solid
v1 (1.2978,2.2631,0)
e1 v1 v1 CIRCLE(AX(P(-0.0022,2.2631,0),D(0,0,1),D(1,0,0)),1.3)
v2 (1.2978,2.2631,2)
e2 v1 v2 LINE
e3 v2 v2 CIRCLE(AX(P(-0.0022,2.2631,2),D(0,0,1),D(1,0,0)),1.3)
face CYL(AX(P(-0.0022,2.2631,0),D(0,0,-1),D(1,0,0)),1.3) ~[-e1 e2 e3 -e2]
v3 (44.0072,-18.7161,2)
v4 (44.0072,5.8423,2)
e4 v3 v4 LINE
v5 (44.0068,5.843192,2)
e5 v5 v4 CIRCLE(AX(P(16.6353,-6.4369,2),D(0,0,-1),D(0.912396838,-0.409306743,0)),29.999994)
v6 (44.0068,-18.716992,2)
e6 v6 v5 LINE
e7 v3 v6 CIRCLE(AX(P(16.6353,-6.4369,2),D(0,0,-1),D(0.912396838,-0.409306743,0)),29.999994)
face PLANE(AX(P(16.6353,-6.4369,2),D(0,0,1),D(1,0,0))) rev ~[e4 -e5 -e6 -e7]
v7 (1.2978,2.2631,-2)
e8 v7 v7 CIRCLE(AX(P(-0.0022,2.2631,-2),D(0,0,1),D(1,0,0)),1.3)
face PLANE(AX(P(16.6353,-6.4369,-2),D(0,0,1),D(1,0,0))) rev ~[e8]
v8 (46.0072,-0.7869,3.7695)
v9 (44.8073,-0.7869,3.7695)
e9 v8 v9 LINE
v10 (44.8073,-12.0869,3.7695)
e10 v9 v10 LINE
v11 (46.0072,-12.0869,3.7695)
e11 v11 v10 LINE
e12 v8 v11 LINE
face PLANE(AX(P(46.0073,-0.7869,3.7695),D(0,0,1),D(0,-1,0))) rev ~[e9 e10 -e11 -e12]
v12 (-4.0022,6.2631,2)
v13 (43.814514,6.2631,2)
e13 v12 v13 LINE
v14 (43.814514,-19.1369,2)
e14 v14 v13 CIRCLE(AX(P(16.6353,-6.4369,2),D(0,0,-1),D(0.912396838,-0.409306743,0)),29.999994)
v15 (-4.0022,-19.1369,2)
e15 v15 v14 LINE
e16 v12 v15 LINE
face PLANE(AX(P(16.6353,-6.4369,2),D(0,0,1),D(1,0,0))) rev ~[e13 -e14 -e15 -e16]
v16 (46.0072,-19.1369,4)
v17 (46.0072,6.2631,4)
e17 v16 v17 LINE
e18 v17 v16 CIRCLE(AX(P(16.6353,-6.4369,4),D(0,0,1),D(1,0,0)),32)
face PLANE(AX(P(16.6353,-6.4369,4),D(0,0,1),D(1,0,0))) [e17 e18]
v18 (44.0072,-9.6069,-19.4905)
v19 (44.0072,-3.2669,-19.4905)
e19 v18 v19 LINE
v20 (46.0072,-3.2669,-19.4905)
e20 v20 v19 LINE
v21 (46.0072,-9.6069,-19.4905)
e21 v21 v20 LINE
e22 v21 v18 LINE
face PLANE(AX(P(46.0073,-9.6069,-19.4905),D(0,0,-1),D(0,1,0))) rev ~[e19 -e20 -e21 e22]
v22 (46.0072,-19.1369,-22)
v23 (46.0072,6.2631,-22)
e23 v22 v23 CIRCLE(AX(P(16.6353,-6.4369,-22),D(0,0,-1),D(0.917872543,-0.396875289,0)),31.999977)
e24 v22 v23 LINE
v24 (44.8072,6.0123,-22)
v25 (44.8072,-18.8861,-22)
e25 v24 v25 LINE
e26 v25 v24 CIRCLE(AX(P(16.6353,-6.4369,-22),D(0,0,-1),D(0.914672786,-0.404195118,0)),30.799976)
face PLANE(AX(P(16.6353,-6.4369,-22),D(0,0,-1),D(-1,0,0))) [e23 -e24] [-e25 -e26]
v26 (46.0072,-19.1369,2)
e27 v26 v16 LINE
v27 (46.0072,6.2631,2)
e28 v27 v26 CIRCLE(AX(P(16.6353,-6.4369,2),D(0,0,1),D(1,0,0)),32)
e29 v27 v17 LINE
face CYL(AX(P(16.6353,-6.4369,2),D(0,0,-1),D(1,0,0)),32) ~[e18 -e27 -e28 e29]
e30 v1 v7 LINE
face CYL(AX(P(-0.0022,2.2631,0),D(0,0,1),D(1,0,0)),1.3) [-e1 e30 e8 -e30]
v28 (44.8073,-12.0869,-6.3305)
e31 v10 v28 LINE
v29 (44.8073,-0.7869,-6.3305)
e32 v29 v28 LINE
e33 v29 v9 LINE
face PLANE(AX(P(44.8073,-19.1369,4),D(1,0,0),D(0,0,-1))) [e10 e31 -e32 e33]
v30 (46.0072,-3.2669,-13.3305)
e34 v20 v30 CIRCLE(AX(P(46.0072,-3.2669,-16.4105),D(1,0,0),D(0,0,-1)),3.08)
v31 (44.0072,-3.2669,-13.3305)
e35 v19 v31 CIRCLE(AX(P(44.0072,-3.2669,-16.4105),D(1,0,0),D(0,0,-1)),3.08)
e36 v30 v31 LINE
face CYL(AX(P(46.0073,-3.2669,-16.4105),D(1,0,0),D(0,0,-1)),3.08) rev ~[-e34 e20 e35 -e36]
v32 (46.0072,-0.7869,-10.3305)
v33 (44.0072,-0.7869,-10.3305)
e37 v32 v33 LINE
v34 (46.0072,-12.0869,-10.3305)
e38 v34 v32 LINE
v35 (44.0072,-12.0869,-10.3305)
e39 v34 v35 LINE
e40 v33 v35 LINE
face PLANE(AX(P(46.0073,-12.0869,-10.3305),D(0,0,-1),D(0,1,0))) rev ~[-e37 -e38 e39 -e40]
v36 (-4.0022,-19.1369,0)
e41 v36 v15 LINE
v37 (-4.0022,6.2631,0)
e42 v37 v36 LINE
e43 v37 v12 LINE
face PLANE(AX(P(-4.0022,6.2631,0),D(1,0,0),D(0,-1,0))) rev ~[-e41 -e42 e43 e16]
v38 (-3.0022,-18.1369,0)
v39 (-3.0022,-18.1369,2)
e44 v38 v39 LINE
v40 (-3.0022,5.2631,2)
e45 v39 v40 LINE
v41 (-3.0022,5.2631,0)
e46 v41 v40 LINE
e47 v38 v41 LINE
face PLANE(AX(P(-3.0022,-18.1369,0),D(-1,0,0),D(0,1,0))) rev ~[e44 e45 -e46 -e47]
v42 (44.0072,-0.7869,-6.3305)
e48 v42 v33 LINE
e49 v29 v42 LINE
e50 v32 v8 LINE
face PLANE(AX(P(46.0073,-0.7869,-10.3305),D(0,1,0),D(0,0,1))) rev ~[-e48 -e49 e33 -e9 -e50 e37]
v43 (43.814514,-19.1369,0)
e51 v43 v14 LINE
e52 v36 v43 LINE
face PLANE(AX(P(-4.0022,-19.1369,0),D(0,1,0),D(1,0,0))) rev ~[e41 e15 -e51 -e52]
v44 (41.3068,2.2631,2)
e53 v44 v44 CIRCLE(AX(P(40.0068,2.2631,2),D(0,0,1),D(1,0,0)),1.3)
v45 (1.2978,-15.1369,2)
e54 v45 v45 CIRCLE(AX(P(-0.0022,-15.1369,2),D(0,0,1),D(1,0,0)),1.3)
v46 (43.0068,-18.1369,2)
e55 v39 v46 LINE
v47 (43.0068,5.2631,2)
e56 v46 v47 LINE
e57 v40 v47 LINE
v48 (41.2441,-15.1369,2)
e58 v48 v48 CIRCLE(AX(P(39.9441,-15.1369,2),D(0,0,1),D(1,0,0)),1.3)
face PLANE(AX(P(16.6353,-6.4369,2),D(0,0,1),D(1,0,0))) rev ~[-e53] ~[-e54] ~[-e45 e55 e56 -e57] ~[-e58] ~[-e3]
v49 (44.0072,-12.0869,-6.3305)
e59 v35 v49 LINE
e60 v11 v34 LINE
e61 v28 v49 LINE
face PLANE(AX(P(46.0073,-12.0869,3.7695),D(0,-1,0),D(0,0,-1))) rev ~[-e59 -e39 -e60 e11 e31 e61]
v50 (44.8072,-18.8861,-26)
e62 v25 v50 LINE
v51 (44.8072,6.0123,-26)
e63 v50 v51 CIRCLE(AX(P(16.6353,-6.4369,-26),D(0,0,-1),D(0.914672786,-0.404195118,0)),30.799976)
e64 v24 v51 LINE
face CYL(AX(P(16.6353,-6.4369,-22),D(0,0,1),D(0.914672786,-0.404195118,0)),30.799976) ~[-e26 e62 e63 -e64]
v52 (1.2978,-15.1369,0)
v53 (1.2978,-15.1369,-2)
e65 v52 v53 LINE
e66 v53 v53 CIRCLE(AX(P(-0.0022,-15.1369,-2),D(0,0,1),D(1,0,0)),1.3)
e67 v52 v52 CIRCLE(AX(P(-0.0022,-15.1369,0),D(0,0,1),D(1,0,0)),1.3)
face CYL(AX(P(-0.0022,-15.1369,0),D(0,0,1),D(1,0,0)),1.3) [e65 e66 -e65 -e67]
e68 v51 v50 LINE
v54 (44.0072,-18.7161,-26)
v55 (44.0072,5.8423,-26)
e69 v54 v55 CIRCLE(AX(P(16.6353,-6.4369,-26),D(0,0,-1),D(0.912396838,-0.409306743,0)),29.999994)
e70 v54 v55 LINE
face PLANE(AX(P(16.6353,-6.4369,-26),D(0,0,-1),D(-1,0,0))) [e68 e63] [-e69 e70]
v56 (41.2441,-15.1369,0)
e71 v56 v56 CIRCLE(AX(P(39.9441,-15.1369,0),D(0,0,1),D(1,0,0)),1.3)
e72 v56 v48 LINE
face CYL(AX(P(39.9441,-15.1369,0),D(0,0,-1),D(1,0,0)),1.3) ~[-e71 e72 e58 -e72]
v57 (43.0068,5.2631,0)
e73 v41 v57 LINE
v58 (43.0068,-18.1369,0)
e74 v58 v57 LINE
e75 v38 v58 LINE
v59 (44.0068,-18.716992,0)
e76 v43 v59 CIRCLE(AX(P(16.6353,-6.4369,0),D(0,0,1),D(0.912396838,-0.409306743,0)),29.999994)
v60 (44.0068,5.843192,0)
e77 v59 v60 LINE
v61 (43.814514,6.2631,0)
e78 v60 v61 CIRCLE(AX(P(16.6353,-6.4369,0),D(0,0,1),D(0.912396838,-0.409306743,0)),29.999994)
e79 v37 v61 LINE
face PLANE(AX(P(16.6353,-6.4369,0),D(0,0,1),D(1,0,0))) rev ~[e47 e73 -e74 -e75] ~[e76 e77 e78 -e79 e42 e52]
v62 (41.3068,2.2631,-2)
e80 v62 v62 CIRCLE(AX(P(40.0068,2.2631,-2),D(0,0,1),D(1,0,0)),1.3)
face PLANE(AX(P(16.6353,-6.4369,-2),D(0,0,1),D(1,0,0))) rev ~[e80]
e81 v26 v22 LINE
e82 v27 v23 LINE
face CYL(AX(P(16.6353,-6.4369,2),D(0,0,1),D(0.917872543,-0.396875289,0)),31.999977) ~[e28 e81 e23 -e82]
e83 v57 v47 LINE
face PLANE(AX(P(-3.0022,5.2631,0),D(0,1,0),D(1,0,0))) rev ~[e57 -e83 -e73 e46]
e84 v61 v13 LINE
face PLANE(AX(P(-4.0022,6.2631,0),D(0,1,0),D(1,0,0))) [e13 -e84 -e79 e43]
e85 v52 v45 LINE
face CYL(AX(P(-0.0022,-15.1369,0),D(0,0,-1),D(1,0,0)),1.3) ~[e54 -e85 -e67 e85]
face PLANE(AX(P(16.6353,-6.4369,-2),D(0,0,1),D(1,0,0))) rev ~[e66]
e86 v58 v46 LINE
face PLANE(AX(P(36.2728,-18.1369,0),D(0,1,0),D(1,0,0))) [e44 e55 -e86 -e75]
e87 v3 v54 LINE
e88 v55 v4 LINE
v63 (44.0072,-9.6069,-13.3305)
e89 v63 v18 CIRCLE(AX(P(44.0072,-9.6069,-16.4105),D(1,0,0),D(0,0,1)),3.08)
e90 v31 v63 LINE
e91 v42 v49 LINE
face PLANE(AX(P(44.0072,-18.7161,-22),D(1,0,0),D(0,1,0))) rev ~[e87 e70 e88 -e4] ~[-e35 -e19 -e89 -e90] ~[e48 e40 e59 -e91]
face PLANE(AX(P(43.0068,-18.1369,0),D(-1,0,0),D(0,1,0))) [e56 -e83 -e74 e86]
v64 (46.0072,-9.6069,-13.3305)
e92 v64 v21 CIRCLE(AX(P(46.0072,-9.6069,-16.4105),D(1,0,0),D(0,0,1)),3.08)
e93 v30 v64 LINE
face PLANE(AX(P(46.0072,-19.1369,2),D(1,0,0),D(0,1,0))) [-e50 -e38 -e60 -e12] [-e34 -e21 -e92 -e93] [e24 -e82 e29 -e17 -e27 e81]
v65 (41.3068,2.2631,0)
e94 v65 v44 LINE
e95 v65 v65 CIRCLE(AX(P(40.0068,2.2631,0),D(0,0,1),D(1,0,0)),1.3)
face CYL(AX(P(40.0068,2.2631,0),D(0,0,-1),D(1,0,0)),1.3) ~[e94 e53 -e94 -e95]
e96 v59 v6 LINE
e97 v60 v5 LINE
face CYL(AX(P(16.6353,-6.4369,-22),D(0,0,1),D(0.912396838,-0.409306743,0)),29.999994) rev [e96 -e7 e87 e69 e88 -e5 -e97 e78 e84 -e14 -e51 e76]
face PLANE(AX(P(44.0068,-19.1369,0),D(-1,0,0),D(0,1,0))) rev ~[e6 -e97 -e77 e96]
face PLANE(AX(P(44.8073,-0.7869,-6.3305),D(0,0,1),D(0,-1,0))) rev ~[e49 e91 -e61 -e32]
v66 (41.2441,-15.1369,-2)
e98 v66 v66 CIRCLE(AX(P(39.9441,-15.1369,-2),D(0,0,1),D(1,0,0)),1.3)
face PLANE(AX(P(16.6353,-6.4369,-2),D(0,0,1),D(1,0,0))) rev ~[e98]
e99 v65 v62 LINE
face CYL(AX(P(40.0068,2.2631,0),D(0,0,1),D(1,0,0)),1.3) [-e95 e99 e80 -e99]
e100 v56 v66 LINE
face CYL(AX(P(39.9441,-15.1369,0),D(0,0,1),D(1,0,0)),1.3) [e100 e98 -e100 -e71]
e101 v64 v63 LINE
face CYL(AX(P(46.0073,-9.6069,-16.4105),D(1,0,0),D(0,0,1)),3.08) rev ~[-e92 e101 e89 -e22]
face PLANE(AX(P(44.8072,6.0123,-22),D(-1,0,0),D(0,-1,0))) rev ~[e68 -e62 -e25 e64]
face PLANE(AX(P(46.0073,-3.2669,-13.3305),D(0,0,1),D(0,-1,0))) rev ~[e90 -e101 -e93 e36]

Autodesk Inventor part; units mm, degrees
ref_plane "YZ Plane" through (0, 0, 0) normal (1, 0, 0) x (0, 1, 0)
ref_plane "XZ Plane" through (0, 0, 0) normal (0, 1, 0) x (-1, 0, 0)
ref_plane "XY Plane" through (0, 0, 0) normal (0, 0, 1) x (1, 0, 0)
ref_plane "Arbeitsebene1" through (16.6353, -6.4369, 0) normal (0, 0, 1) x (1, 0, 0)
sketch "Skizze1" plane through (16.6353, -6.4369, 0) normal (0, 0, 1) x (1, 0, 0)
  circle A0 centre (-16.6375, -8.7) radius 1.3
  circle A1 centre (-16.6375, 8.7) radius 1.3
  circle A2 centre (23.3088, -8.7) radius 1.3
  circle A3 centre (23.3715, 8.7) radius 1.3
  point P0 (-16.6353, 6.4369)
extrude "Extrusion1" add sketch "Skizze1" along normal mid plane 4
ref_plane "Arbeitsebene3" through (16.6353, -6.4369, 0) normal (0, 0, 1) x (1, 0, 0)
sketch "Skizze11" plane through (16.6353, -6.4369, 0) normal (0, 0, 1) x (1, 0, 0)
  line L0 (19.6375, -11.7) -> (-19.6375, -11.7)
  line L1 (-19.6375, -11.7) -> (-19.6375, 11.7)
  line L2 (-20.6375, 12.7) -> (27.3715, 12.7)
  line L3 (-19.6375, 11.7) -> (-19.6375, -11.7)
  line L4 (-19.6375, -11.7) -> (26.3715, -11.7)
  line L5 (26.3715, -11.7) -> (26.3715, 11.7)
  line L6 (-19.6375, 11.7) -> (26.3715, 11.7)
  line L7 (-20.6375, -12.7) -> (27.3715, -12.7)
  line L8 (27.3715, -12.7) -> (27.3715, 12.7)
  line L9 (-20.6375, -12.7) -> (27.3715, -12.7)
  line L10 (27.3715, -12.7) -> (27.3715, 12.7)
  line L11 (27.3715, 12.7) -> (-20.6375, 12.7)
  line L12 (-20.6375, 12.7) -> (-20.6375, -12.7)
  point P0 (-16.6353, 6.4369)
  point P1 (19.6375, -11.7)
sketch "Skizze12" plane through (16.6353, -6.4369, 2) normal (0, 0, 1) x (1, 0, 0)
  line L0 (20.6375, 12.7) -> (-20.6375, 12.7) projected
  line L1 (-20.6375, 12.7) -> (-20.6375, -12.7) projected
  line L2 (-20.6375, -12.7) -> (20.6375, -12.7) projected
  line L3 (20.6375, -12.7) -> (20.6375, 12.7) projected
  circle A0 centre (0, 0) radius 32
  line L4 (20.6375, 12.7) -> (29.3719, 12.7)
  line L5 (29.3719, -12.7) -> (20.6375, -12.7)
  line L6 (29.3719, -12.7) -> (29.3719, 12.7)
  point P0 (-16.6353, 6.4369)
  dimension "d20" = 64
extrude "Extrusion7" add sketch "Skizze12" along normal blind 2 contours L3 L2 L1 L0 | L4 L6 L5 L3 | L0 L1 L2 L5 A0 L4
sketch "Skizze13" plane through (16.6353, -6.4369, 2) normal (0, 0, -1) x (-1, 0, 0)
  arc A0 (-29.3719, -12.7) -> (-29.3719, 12.7) centre (0, 0) ccw projected
  line L0 (-29.3719, -12.7) -> (-29.3719, 12.7) projected
  arc A1 (-27.3719, -12.2792) -> (-27.3719, 12.2792) centre (0, 0) ccw
  line L1 (-27.3719, -12.2792) -> (-27.3719, 12.2792)
  point P0 (16.6353, 6.4369)
  dimension "d23" = 2
extrude "Extrusion8" add sketch "Skizze13" along normal blind 24
sketch "Skizze14" plane through (16.6353, -6.4369, -22) normal (0, 0, -1) x (-1, 0, 0)
  line L0 (-27.3719, -12.2792) -> (-27.3719, 12.2792) projected
  arc A0 (-27.3719, -12.2792) -> (-27.3719, 12.2792) centre (0, 0) ccw projected
  line L1 (-28.1719, 12.4492) -> (-28.1719, -12.4492)
  arc A1 (-28.1719, -12.4492) -> (-28.1719, 12.4492) centre (0, 0) ccw
  point P0 (16.6353, 6.4369)
  dimension "d26" = 0.8
extrude "Extrusion9" add sketch "Skizze14" along normal blind 4
sketch "Skizze18" plane through (46.0073, -19.1369, 4) normal (1, 0, 0) x (0, 0, -1)
  line L0 (18.8305, 15.87) -> (18.8305, 9.53) construction
  line L1 (18.8305, 15.87) -> (18.8305, 12.7)
  line L2 (20.4105, 15.87) -> (20.4105, 9.53) construction
  line L3 (18.8305, 9.53) -> (18.8305, 15.87)
  line L4 (18.8305, 15.87) -> (18.8305, 9.53) construction
  line L5 (20.4105, 15.87) -> (20.4105, 9.53) construction
  line L6 (21.9905, 15.87) -> (21.9905, 9.53)
  line L7 (18.8305, 9.53) -> (18.8305, 15.87)
  arc A0 (21.9905, 15.87) -> (18.8305, 15.87) centre (20.4105, 15.87) ccw
  arc A1 (18.8305, 9.53) -> (21.9905, 9.53) centre (20.4105, 9.53) ccw
  line L8 (23.4905, 9.53) -> (23.4905, 15.87)
  arc A2 (23.4905, 15.87) -> (17.3305, 15.87) centre (20.4105, 15.87) ccw
  line L9 (17.3305, 15.87) -> (17.3305, 9.53)
  arc A3 (17.3305, 9.53) -> (23.4905, 9.53) centre (20.4105, 9.53) ccw
  line L10 (26, 25.4) -> (0, 25.4) projected
  line L11 (0, 0) -> (26, 0) projected
  point P0 (4, 19.1369)
  point P1 (20.4105, 12.7)
  point P2 (18.8305, 12.7)
  point P3 (20.4105, 12.7)
  dimension "d75" = 1.5
extrude "Extrusion10" cut sketch "Skizze18" against normal blind 4 contours A0 L6 A1 L3 L1 | A3 L9 A2 L8
sketch "Skizze19" plane through (46.0073, -19.1369, 4) normal (1, 0, 0) x (0, 0, -1)
  arc A0 (14.7505, 9.53) -> (22.9105, 9.53) centre (18.8305, 9.53) ccw projected
  line L0 (14.7505, 9.53) -> (14.7505, 15.87) projected
  arc A1 (22.9105, 15.87) -> (14.7505, 15.87) centre (18.8305, 15.87) ccw projected
  line L1 (0.5305, 7.35) -> (14.0305, 18.05) construction
  line L2 (0.5305, 18.05) -> (14.0305, 7.35) construction
  line L3 (14.3305, 7.05) -> (14.3305, 18.35)
  line L4 (14.3305, 18.35) -> (0.2305, 18.35)
  line L5 (0.2305, 18.35) -> (0.2305, 7.05)
  line L6 (0.2305, 7.05) -> (14.3305, 7.05)
  point P0 (4, 19.1369)
  dimension "d43" = 10.7
  dimension "d44" = 13.5
extrude "Extrusion11" cut sketch "Skizze19" against normal blind 1.2
sketch "Skizze20" plane through (44.8073, -19.1369, 4) normal (1, 0, 0) x (0, 0, -1)
  line L0 (14.3305, 18.35) -> (14.3305, 7.05) projected
  line L1 (0.2305, 18.35) -> (14.3305, 18.35) projected
  line L2 (14.3305, 7.05) -> (0.2305, 7.05) projected
  line L3 (14.3305, 18.35) -> (10.3305, 18.35)
  line L4 (10.3305, 18.35) -> (10.3305, 7.05)
  line L5 (10.3305, 7.05) -> (14.3305, 7.05)
  line L6 (14.3305, 7.05) -> (14.3305, 18.35)
  point P0 (4, 19.1369)
  dimension "d49" = 4
extrude "Extrusion12" cut sketch "Skizze20" against normal blind 1.2
extrude "Extrusion14" add sketch "Skizze11" along normal blind 2
properties part number "Boden"
